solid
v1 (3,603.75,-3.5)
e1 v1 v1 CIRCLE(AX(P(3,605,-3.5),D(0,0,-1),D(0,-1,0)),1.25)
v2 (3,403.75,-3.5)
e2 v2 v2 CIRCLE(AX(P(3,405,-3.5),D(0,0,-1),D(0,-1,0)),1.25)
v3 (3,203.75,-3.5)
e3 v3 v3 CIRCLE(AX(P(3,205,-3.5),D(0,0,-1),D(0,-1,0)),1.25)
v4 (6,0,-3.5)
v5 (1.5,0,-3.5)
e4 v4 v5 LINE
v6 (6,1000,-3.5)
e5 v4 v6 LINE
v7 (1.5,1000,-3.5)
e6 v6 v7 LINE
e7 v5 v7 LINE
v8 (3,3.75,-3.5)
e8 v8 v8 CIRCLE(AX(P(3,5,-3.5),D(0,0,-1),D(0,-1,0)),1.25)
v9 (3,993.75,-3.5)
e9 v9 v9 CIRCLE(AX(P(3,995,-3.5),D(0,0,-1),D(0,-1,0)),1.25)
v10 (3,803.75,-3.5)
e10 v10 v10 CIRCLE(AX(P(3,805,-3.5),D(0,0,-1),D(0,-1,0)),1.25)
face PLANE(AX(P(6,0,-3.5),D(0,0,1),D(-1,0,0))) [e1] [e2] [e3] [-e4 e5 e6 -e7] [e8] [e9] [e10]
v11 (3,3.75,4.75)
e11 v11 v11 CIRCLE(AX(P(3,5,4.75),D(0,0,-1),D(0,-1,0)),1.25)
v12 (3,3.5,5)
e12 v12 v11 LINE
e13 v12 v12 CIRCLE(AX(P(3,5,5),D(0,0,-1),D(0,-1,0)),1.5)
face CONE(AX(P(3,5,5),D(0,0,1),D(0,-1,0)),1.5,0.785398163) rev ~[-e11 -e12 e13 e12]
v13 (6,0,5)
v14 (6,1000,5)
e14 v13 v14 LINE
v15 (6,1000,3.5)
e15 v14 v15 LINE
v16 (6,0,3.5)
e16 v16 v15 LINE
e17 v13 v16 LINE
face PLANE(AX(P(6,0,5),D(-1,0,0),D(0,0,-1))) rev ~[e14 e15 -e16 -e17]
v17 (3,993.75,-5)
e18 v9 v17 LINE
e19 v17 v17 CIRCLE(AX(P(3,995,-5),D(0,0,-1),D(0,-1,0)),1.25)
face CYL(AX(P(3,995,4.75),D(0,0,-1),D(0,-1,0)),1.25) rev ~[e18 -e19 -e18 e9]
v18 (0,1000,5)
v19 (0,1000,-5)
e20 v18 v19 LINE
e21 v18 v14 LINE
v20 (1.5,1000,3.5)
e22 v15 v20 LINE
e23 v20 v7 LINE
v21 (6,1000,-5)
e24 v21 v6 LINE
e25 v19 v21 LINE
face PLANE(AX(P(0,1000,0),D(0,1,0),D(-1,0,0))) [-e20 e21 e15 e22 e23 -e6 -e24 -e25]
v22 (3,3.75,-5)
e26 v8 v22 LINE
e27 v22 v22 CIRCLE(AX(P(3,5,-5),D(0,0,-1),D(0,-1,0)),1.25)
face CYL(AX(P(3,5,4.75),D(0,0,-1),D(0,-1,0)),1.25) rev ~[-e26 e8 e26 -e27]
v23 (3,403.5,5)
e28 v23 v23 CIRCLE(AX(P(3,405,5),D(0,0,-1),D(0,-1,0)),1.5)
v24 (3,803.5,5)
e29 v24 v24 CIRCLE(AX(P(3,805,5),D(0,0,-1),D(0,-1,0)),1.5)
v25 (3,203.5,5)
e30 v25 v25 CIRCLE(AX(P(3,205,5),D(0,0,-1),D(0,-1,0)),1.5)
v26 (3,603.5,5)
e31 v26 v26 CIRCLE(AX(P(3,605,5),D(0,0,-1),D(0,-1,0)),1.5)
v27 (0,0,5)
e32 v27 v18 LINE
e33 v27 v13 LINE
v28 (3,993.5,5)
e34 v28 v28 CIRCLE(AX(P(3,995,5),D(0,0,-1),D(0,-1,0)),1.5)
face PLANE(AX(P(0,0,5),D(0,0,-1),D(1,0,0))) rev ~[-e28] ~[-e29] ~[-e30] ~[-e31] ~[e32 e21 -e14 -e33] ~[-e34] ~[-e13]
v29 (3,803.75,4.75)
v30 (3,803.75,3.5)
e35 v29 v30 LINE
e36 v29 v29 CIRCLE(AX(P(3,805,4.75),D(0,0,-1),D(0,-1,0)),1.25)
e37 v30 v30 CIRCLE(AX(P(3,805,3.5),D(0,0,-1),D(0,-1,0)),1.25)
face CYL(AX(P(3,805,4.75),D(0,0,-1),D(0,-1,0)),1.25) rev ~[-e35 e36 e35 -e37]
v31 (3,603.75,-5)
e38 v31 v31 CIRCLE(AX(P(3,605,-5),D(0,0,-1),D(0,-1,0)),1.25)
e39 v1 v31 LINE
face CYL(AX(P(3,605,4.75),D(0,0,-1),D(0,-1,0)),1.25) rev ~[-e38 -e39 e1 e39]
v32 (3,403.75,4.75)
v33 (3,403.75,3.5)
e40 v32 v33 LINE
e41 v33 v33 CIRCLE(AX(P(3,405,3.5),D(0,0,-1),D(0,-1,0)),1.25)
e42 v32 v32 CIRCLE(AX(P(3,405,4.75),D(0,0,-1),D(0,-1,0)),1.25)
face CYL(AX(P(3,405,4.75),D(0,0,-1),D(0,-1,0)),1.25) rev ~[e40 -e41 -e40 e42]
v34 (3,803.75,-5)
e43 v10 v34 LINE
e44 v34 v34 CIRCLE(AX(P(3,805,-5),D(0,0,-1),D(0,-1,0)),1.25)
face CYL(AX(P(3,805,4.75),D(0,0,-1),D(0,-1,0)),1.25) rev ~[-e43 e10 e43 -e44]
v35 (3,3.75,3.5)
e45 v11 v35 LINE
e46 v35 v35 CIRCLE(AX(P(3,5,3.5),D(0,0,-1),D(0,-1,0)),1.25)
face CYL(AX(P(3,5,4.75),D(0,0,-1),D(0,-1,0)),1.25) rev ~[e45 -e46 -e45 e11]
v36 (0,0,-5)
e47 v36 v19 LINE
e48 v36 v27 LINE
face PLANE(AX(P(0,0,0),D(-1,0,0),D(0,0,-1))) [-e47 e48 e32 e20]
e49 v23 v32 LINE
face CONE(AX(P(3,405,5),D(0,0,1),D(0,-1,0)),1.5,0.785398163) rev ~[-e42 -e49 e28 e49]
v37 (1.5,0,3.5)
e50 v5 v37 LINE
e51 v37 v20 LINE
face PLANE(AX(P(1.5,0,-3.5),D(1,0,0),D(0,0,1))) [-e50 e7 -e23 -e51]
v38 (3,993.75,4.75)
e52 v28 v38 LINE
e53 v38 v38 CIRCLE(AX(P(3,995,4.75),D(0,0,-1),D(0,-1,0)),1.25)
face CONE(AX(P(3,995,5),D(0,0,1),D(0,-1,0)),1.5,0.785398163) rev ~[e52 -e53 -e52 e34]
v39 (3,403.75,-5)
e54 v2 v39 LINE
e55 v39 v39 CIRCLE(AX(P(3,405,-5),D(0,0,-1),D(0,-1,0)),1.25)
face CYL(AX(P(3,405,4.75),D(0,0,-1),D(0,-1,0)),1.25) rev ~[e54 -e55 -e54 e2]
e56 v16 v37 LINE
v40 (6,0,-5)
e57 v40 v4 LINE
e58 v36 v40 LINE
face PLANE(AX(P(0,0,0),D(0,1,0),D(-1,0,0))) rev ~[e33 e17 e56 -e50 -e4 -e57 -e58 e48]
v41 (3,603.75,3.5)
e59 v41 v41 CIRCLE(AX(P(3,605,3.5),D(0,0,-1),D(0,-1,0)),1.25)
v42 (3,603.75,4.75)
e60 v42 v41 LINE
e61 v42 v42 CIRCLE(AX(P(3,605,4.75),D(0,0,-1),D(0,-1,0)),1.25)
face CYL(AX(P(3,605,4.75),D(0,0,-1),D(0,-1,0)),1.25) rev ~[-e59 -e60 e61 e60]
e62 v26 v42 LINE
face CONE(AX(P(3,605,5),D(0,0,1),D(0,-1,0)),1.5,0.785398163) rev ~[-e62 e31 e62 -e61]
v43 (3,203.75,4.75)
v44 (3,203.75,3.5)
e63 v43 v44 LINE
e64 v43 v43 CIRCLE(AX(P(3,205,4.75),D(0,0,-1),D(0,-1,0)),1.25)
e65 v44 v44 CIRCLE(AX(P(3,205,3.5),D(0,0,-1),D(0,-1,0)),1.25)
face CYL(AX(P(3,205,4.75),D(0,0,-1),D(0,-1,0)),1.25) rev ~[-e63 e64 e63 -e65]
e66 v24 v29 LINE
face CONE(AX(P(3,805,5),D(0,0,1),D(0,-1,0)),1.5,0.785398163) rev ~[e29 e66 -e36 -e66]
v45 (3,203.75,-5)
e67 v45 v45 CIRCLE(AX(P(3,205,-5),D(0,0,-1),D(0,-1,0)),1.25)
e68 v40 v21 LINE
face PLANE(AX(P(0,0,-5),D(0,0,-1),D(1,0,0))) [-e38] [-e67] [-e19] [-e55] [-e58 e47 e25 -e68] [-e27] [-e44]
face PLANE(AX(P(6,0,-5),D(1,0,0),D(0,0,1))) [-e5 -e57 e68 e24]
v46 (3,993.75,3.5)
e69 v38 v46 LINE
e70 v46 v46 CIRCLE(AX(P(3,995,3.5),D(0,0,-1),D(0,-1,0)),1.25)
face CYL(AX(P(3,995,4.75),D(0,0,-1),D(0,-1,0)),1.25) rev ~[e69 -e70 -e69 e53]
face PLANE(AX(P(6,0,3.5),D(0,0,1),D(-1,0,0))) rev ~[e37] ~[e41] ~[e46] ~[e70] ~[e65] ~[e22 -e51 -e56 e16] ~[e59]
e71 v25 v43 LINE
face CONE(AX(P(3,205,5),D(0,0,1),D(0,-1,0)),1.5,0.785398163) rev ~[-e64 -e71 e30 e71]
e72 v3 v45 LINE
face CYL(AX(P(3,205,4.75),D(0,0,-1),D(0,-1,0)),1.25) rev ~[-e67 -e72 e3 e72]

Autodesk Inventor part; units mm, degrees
ref_plane "YZ Plane" through (0, 0, 0) normal (1, 0, 0) x (0, 1, 0)
ref_plane "XZ Plane" through (0, 0, 0) normal (0, 1, 0) x (-1, 0, 0)
ref_plane "XY Plane" through (0, 0, 0) normal (0, 0, 1) x (1, 0, 0)
sketch "Szkic1" plane through (0, 0, 0) normal (0, 1, 0) x (-1, 0, 0)
  line L0 (0, 0) -> (0, -5)
  line L1 (0, -5) -> (-6, -5)
  line L2 (-6, -5) -> (-6, -3.5)
  line L3 (-6, -3.5) -> (-1.5, -3.5)
  line L4 (-1.5, -3.5) -> (-1.5, 0)
  line L5 (0, 0) -> (-1.5, 0)
  line L6 (0, 0) -> (0, 5)
  line L7 (0, 5) -> (-6, 5)
  line L8 (-6, 5) -> (-6, 3.5)
  line L9 (-6, 3.5) -> (-1.5, 3.5)
  line L10 (-1.5, 3.5) -> (-1.5, 0)
  dimension "d0" = 5
  dimension "d1" = 6
  dimension "d3" = 1.5
  dimension "d41" = 1.5
extrude "Wyciągnięcie proste1" add sketch "Szkic1" along normal blind 1000
sketch "Szkic2" plane through (1.5, 0, -3.5) normal (1, 0, 0) x (0, 0, -1)
  line L0 (-3.5, 0) -> (-3.5, 1000)
  line L1 (-7, 0) -> (-7, 1000) projected
  line L2 (-3.5, 1000) -> (-3.5, 995)
  line L3 (-3.5, 995) -> (-3.5, 795)
  line L4 (-3.5, 795) -> (-3.5, 795)
  line L5 (-3.5, 795) -> (-3.5, 695)
  line L6 (-3.5, 695) -> (-3.5, 595)
  line L7 (-3.5, 595) -> (-3.5, 495)
  line L8 (-7, 0) -> (0, 0) projected
  line L9 (-3.5, 595) -> (-3.5, 395)
  line L10 (-3.5, 395) -> (-3.5, 195)
  line L11 (-3.5, 195) -> (-3.5, 0)
  line L12 (-3.5, 0) -> (-3.5, 5)
  dimension "d7" = 5
  dimension "d13" = 200
  dimension "d14" = 200
  dimension "d16" = 200
  dimension "d17" = 200
  dimension "d18" = 195
  dimension "d19" = 5
sketch "Szkic3" plane through (6, 0, 5) normal (0, 0, 1) x (1, 0, 0)
  line L0 (0, 0) -> (-6, 0) projected
  line L1 (-3, 0) -> (-3, 5)
  line L2 (-3, 5) -> (-3, 205)
  line L3 (-3, 205) -> (-3, 405)
  line L4 (-3, 405) -> (-3, 605)
  line L5 (-3, 605) -> (-3, 805)
  line L6 (-3, 805) -> (-3, 1000)
  line L7 (-3, 1000) -> (-3, 995)
  dimension "d27" = 5
  dimension "d28" = 200
  dimension "d29" = 200
  dimension "d30" = 200
  dimension "d31" = 200
  dimension "d32" = 195
  dimension "d33" = 5
hole "Otwór2" at (3, 5, 5) at (3, 205, 5) at (3, 405, 5) at (3, 605, 5) at (3, 805, 5) at (3, 995, 5) direction (0, 0, -1) diameter 2.5 end through all countersink diameter 3 countersink angle 90
properties part number "prowadnica_profil_c_CPY"
